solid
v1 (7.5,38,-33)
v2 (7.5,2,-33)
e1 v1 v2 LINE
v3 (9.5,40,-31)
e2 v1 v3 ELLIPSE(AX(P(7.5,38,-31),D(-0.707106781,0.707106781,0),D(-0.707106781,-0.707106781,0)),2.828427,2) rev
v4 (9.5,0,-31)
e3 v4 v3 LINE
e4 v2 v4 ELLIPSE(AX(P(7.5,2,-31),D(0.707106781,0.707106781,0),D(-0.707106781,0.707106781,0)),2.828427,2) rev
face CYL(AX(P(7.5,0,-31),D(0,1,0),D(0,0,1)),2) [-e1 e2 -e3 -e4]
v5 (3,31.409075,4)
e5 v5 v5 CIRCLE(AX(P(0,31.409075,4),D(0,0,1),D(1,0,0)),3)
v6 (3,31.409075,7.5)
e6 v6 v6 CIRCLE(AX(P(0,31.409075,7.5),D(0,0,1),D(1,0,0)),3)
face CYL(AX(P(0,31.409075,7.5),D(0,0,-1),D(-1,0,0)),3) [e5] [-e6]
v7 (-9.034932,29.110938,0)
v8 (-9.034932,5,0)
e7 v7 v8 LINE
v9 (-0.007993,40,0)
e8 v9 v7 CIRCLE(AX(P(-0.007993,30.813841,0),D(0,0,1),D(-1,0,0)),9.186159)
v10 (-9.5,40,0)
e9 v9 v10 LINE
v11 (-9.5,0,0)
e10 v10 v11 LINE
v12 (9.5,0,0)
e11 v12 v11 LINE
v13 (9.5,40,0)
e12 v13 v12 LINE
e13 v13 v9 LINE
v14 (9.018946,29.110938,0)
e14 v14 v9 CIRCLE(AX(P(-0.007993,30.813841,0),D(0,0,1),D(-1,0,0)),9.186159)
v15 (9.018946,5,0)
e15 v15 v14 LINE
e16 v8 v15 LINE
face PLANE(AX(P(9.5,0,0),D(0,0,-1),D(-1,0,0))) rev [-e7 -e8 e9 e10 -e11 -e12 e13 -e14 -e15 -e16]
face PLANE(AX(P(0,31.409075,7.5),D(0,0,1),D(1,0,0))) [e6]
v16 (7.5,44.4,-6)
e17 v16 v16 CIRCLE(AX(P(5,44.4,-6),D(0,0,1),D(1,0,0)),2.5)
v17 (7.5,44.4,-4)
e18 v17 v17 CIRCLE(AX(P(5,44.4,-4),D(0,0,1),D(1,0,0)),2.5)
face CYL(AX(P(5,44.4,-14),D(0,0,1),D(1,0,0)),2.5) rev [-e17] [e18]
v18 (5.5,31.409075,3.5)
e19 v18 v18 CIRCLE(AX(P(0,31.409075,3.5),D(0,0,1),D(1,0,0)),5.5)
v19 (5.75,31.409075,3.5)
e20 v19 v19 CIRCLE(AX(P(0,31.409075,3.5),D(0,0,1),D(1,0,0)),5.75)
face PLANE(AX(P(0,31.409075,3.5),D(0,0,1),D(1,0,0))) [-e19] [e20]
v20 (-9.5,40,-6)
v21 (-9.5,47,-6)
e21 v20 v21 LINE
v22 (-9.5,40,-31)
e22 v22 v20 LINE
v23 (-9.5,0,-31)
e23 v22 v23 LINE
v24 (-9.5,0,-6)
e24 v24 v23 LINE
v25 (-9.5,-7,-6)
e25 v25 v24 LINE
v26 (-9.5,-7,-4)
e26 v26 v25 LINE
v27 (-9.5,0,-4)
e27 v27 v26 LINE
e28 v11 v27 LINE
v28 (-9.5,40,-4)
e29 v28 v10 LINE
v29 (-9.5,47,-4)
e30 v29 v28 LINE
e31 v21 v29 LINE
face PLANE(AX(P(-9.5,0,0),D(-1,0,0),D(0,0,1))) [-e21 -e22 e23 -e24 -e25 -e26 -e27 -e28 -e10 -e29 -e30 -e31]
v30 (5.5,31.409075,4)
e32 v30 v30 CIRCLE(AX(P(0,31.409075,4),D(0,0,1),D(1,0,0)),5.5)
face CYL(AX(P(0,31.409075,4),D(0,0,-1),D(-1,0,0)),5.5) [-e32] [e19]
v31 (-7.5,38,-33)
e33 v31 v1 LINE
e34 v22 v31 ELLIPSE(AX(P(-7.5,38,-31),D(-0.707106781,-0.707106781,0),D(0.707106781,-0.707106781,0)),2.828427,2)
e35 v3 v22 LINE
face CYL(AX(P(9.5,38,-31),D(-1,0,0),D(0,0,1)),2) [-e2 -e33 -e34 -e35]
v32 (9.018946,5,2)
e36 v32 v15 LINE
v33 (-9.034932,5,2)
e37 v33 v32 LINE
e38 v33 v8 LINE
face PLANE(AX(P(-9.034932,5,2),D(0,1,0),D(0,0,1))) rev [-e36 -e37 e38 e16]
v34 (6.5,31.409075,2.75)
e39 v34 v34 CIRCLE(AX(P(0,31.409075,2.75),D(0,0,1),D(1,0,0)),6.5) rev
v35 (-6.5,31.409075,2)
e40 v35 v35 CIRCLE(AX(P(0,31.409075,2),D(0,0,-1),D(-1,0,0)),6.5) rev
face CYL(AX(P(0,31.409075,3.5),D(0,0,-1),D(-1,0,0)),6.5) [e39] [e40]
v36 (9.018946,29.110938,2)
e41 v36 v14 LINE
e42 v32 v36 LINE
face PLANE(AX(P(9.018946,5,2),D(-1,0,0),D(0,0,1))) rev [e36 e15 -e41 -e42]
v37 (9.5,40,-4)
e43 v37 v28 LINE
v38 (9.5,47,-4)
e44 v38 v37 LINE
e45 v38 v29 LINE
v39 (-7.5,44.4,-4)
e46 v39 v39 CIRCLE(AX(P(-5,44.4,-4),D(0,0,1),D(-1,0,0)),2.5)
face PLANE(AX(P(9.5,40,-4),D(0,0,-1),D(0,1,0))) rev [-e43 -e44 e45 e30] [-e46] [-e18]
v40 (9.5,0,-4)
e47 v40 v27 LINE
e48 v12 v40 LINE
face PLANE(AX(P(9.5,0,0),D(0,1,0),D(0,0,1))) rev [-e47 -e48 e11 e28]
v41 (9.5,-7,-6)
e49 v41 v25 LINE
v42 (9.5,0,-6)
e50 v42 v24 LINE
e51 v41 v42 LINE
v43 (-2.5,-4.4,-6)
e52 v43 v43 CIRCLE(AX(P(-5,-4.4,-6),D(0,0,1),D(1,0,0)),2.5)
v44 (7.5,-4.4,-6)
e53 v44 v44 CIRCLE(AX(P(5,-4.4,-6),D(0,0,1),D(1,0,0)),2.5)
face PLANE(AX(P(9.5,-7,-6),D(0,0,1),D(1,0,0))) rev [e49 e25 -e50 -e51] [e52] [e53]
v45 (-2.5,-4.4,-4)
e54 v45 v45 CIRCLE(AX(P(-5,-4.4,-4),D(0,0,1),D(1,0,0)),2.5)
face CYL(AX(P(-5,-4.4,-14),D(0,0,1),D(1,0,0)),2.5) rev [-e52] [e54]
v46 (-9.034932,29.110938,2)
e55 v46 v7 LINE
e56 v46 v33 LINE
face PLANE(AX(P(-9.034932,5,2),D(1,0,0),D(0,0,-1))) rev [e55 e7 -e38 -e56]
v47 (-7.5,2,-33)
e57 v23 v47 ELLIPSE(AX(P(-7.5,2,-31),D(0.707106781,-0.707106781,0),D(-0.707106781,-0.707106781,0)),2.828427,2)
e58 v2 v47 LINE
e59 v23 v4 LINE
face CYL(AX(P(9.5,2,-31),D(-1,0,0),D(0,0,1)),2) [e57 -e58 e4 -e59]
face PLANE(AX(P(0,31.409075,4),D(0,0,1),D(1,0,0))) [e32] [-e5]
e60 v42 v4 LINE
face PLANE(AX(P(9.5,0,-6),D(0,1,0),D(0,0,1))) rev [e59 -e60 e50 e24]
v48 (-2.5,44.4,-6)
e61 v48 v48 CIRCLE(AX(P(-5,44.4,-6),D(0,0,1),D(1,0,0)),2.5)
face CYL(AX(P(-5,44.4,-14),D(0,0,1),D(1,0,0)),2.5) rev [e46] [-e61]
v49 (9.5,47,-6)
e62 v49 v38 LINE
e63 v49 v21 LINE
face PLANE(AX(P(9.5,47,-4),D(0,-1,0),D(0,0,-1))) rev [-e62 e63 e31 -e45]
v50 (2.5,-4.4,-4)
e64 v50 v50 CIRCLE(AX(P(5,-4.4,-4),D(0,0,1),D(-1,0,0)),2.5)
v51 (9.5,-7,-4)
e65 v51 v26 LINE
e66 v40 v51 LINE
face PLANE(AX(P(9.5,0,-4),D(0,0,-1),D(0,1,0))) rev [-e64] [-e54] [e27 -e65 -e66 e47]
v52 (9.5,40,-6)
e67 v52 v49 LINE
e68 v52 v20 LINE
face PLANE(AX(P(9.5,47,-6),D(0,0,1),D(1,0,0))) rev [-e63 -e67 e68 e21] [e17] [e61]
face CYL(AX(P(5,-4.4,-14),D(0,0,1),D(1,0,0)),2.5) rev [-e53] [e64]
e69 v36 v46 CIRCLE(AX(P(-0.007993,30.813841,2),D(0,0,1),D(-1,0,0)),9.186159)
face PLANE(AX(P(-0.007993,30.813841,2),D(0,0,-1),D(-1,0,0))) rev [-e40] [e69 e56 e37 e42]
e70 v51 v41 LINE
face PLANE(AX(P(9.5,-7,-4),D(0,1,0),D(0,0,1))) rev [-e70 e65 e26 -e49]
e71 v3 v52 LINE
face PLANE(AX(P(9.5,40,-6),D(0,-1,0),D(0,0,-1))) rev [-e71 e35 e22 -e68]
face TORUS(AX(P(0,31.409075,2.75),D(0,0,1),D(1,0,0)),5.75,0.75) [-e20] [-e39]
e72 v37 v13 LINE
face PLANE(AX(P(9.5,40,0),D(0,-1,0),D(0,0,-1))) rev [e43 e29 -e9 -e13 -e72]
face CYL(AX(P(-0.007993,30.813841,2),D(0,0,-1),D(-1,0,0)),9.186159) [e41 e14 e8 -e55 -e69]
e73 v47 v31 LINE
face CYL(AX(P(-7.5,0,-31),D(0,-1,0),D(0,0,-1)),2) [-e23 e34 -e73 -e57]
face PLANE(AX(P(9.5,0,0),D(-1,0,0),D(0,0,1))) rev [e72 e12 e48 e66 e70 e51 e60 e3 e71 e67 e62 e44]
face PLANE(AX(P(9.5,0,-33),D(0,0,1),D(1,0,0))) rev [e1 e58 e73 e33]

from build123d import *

# Parameters (mm, degrees)
BOSS_EXTRU_1_DEPTH       = 9.5
ESQUISSE3_R              = 2.5
ENL_V_MAT_EXTRU_40_DEPTH = 10
BOSS_EXTRU_2_DEPTH       = 2
CONG_1_R                 = 2
ESQUISSE5_R              = 6.5
BOSS_EXTRU_3_DEPTH       = 1.5
CONG_2_R                 = 0.75
ESQUISSE6_R              = 5.5
BOSS_EXTRU_4_DEPTH       = 0.5
ESQUISSE7_R              = 3
BOSS_EXTRU_5_DEPTH       = 3.5


with BuildPart() as part:
    # Esquisse1 → Boss.-Extru.1 (new, symmetric)
    with BuildSketch(Plane(origin=(0, 0, 0), x_dir=(0, 0, -1), z_dir=(1, 0, 0))):
        Polygon((0, 0), (4, 0), (4, -7), (6, -7), (6, 0), (33, 0), (33, 40), (6, 40), (6, 47), (4, 47), (4, 40), (0, 40), align=None)
    extrude(amount=BOSS_EXTRU_1_DEPTH, both=True)

    # Esquisse3 → Enlèv. mat.-Extru.40 (cut)
    with BuildSketch(Plane.XY.offset(-4)):
        with Locations((5, 44.4)):
            Circle(ESQUISSE3_R)
        with Locations((-5, 44.4)):
            Circle(ESQUISSE3_R)
        with Locations((5, -4.4)):
            Circle(ESQUISSE3_R)
        with Locations((-5, -4.4)):
            Circle(ESQUISSE3_R)
    extrude(amount=-ENL_V_MAT_EXTRU_40_DEPTH, mode=Mode.SUBTRACT)

    # Esquisse4 → Boss.-Extru.2 (add)
    with BuildSketch(Plane.XY):
        with BuildLine():
            Line((-9.034932354, 5), (9.018945802, 5))
            Line((9.018945802, 5), (9.018945802, 29.110938176))
            ThreePointArc((9.018945802, 29.110938176), (-0.007993276, 40), (-9.034932354, 29.110938176))
            Line((-9.034932354, 29.110938176), (-9.034932354, 5))
        make_face()
    extrude(amount=BOSS_EXTRU_2_DEPTH)

    # Congé1
    cong_1_edges = [part.edges().sort_by_distance(p)[0] for p in [
        (-9.5, 20, -33),
        (0, 40, -33),
        (0, 0, -33),
        (9.5, 20, -33),
    ]]
    fillet(cong_1_edges, radius=CONG_1_R)

    # Esquisse5 → Boss.-Extru.3 (add)
    with BuildSketch(Plane.XY.offset(2)):
        with Locations(Location((0, 31.4090745, 0), (0, 0, 180))):
            Circle(ESQUISSE5_R)
    extrude(amount=BOSS_EXTRU_3_DEPTH)

    # Congé2
    cong_2_edges = [part.edges().sort_by_distance(p)[0] for p in [
        (6.5, 31.4090745, 3.5),
    ]]
    fillet(cong_2_edges, radius=CONG_2_R)

    # Esquisse6 → Boss.-Extru.4 (add)
    with BuildSketch(Plane.XY.offset(3.5)):
        with Locations((0, 31.4090745)):
            Circle(ESQUISSE6_R)
    extrude(amount=BOSS_EXTRU_4_DEPTH)

    # Esquisse7 → Boss.-Extru.5 (add)
    with BuildSketch(Plane.XY.offset(4)):
        with Locations((0, 31.4090745)):
            Circle(ESQUISSE7_R)
    extrude(amount=BOSS_EXTRU_5_DEPTH)


solid = part.part
